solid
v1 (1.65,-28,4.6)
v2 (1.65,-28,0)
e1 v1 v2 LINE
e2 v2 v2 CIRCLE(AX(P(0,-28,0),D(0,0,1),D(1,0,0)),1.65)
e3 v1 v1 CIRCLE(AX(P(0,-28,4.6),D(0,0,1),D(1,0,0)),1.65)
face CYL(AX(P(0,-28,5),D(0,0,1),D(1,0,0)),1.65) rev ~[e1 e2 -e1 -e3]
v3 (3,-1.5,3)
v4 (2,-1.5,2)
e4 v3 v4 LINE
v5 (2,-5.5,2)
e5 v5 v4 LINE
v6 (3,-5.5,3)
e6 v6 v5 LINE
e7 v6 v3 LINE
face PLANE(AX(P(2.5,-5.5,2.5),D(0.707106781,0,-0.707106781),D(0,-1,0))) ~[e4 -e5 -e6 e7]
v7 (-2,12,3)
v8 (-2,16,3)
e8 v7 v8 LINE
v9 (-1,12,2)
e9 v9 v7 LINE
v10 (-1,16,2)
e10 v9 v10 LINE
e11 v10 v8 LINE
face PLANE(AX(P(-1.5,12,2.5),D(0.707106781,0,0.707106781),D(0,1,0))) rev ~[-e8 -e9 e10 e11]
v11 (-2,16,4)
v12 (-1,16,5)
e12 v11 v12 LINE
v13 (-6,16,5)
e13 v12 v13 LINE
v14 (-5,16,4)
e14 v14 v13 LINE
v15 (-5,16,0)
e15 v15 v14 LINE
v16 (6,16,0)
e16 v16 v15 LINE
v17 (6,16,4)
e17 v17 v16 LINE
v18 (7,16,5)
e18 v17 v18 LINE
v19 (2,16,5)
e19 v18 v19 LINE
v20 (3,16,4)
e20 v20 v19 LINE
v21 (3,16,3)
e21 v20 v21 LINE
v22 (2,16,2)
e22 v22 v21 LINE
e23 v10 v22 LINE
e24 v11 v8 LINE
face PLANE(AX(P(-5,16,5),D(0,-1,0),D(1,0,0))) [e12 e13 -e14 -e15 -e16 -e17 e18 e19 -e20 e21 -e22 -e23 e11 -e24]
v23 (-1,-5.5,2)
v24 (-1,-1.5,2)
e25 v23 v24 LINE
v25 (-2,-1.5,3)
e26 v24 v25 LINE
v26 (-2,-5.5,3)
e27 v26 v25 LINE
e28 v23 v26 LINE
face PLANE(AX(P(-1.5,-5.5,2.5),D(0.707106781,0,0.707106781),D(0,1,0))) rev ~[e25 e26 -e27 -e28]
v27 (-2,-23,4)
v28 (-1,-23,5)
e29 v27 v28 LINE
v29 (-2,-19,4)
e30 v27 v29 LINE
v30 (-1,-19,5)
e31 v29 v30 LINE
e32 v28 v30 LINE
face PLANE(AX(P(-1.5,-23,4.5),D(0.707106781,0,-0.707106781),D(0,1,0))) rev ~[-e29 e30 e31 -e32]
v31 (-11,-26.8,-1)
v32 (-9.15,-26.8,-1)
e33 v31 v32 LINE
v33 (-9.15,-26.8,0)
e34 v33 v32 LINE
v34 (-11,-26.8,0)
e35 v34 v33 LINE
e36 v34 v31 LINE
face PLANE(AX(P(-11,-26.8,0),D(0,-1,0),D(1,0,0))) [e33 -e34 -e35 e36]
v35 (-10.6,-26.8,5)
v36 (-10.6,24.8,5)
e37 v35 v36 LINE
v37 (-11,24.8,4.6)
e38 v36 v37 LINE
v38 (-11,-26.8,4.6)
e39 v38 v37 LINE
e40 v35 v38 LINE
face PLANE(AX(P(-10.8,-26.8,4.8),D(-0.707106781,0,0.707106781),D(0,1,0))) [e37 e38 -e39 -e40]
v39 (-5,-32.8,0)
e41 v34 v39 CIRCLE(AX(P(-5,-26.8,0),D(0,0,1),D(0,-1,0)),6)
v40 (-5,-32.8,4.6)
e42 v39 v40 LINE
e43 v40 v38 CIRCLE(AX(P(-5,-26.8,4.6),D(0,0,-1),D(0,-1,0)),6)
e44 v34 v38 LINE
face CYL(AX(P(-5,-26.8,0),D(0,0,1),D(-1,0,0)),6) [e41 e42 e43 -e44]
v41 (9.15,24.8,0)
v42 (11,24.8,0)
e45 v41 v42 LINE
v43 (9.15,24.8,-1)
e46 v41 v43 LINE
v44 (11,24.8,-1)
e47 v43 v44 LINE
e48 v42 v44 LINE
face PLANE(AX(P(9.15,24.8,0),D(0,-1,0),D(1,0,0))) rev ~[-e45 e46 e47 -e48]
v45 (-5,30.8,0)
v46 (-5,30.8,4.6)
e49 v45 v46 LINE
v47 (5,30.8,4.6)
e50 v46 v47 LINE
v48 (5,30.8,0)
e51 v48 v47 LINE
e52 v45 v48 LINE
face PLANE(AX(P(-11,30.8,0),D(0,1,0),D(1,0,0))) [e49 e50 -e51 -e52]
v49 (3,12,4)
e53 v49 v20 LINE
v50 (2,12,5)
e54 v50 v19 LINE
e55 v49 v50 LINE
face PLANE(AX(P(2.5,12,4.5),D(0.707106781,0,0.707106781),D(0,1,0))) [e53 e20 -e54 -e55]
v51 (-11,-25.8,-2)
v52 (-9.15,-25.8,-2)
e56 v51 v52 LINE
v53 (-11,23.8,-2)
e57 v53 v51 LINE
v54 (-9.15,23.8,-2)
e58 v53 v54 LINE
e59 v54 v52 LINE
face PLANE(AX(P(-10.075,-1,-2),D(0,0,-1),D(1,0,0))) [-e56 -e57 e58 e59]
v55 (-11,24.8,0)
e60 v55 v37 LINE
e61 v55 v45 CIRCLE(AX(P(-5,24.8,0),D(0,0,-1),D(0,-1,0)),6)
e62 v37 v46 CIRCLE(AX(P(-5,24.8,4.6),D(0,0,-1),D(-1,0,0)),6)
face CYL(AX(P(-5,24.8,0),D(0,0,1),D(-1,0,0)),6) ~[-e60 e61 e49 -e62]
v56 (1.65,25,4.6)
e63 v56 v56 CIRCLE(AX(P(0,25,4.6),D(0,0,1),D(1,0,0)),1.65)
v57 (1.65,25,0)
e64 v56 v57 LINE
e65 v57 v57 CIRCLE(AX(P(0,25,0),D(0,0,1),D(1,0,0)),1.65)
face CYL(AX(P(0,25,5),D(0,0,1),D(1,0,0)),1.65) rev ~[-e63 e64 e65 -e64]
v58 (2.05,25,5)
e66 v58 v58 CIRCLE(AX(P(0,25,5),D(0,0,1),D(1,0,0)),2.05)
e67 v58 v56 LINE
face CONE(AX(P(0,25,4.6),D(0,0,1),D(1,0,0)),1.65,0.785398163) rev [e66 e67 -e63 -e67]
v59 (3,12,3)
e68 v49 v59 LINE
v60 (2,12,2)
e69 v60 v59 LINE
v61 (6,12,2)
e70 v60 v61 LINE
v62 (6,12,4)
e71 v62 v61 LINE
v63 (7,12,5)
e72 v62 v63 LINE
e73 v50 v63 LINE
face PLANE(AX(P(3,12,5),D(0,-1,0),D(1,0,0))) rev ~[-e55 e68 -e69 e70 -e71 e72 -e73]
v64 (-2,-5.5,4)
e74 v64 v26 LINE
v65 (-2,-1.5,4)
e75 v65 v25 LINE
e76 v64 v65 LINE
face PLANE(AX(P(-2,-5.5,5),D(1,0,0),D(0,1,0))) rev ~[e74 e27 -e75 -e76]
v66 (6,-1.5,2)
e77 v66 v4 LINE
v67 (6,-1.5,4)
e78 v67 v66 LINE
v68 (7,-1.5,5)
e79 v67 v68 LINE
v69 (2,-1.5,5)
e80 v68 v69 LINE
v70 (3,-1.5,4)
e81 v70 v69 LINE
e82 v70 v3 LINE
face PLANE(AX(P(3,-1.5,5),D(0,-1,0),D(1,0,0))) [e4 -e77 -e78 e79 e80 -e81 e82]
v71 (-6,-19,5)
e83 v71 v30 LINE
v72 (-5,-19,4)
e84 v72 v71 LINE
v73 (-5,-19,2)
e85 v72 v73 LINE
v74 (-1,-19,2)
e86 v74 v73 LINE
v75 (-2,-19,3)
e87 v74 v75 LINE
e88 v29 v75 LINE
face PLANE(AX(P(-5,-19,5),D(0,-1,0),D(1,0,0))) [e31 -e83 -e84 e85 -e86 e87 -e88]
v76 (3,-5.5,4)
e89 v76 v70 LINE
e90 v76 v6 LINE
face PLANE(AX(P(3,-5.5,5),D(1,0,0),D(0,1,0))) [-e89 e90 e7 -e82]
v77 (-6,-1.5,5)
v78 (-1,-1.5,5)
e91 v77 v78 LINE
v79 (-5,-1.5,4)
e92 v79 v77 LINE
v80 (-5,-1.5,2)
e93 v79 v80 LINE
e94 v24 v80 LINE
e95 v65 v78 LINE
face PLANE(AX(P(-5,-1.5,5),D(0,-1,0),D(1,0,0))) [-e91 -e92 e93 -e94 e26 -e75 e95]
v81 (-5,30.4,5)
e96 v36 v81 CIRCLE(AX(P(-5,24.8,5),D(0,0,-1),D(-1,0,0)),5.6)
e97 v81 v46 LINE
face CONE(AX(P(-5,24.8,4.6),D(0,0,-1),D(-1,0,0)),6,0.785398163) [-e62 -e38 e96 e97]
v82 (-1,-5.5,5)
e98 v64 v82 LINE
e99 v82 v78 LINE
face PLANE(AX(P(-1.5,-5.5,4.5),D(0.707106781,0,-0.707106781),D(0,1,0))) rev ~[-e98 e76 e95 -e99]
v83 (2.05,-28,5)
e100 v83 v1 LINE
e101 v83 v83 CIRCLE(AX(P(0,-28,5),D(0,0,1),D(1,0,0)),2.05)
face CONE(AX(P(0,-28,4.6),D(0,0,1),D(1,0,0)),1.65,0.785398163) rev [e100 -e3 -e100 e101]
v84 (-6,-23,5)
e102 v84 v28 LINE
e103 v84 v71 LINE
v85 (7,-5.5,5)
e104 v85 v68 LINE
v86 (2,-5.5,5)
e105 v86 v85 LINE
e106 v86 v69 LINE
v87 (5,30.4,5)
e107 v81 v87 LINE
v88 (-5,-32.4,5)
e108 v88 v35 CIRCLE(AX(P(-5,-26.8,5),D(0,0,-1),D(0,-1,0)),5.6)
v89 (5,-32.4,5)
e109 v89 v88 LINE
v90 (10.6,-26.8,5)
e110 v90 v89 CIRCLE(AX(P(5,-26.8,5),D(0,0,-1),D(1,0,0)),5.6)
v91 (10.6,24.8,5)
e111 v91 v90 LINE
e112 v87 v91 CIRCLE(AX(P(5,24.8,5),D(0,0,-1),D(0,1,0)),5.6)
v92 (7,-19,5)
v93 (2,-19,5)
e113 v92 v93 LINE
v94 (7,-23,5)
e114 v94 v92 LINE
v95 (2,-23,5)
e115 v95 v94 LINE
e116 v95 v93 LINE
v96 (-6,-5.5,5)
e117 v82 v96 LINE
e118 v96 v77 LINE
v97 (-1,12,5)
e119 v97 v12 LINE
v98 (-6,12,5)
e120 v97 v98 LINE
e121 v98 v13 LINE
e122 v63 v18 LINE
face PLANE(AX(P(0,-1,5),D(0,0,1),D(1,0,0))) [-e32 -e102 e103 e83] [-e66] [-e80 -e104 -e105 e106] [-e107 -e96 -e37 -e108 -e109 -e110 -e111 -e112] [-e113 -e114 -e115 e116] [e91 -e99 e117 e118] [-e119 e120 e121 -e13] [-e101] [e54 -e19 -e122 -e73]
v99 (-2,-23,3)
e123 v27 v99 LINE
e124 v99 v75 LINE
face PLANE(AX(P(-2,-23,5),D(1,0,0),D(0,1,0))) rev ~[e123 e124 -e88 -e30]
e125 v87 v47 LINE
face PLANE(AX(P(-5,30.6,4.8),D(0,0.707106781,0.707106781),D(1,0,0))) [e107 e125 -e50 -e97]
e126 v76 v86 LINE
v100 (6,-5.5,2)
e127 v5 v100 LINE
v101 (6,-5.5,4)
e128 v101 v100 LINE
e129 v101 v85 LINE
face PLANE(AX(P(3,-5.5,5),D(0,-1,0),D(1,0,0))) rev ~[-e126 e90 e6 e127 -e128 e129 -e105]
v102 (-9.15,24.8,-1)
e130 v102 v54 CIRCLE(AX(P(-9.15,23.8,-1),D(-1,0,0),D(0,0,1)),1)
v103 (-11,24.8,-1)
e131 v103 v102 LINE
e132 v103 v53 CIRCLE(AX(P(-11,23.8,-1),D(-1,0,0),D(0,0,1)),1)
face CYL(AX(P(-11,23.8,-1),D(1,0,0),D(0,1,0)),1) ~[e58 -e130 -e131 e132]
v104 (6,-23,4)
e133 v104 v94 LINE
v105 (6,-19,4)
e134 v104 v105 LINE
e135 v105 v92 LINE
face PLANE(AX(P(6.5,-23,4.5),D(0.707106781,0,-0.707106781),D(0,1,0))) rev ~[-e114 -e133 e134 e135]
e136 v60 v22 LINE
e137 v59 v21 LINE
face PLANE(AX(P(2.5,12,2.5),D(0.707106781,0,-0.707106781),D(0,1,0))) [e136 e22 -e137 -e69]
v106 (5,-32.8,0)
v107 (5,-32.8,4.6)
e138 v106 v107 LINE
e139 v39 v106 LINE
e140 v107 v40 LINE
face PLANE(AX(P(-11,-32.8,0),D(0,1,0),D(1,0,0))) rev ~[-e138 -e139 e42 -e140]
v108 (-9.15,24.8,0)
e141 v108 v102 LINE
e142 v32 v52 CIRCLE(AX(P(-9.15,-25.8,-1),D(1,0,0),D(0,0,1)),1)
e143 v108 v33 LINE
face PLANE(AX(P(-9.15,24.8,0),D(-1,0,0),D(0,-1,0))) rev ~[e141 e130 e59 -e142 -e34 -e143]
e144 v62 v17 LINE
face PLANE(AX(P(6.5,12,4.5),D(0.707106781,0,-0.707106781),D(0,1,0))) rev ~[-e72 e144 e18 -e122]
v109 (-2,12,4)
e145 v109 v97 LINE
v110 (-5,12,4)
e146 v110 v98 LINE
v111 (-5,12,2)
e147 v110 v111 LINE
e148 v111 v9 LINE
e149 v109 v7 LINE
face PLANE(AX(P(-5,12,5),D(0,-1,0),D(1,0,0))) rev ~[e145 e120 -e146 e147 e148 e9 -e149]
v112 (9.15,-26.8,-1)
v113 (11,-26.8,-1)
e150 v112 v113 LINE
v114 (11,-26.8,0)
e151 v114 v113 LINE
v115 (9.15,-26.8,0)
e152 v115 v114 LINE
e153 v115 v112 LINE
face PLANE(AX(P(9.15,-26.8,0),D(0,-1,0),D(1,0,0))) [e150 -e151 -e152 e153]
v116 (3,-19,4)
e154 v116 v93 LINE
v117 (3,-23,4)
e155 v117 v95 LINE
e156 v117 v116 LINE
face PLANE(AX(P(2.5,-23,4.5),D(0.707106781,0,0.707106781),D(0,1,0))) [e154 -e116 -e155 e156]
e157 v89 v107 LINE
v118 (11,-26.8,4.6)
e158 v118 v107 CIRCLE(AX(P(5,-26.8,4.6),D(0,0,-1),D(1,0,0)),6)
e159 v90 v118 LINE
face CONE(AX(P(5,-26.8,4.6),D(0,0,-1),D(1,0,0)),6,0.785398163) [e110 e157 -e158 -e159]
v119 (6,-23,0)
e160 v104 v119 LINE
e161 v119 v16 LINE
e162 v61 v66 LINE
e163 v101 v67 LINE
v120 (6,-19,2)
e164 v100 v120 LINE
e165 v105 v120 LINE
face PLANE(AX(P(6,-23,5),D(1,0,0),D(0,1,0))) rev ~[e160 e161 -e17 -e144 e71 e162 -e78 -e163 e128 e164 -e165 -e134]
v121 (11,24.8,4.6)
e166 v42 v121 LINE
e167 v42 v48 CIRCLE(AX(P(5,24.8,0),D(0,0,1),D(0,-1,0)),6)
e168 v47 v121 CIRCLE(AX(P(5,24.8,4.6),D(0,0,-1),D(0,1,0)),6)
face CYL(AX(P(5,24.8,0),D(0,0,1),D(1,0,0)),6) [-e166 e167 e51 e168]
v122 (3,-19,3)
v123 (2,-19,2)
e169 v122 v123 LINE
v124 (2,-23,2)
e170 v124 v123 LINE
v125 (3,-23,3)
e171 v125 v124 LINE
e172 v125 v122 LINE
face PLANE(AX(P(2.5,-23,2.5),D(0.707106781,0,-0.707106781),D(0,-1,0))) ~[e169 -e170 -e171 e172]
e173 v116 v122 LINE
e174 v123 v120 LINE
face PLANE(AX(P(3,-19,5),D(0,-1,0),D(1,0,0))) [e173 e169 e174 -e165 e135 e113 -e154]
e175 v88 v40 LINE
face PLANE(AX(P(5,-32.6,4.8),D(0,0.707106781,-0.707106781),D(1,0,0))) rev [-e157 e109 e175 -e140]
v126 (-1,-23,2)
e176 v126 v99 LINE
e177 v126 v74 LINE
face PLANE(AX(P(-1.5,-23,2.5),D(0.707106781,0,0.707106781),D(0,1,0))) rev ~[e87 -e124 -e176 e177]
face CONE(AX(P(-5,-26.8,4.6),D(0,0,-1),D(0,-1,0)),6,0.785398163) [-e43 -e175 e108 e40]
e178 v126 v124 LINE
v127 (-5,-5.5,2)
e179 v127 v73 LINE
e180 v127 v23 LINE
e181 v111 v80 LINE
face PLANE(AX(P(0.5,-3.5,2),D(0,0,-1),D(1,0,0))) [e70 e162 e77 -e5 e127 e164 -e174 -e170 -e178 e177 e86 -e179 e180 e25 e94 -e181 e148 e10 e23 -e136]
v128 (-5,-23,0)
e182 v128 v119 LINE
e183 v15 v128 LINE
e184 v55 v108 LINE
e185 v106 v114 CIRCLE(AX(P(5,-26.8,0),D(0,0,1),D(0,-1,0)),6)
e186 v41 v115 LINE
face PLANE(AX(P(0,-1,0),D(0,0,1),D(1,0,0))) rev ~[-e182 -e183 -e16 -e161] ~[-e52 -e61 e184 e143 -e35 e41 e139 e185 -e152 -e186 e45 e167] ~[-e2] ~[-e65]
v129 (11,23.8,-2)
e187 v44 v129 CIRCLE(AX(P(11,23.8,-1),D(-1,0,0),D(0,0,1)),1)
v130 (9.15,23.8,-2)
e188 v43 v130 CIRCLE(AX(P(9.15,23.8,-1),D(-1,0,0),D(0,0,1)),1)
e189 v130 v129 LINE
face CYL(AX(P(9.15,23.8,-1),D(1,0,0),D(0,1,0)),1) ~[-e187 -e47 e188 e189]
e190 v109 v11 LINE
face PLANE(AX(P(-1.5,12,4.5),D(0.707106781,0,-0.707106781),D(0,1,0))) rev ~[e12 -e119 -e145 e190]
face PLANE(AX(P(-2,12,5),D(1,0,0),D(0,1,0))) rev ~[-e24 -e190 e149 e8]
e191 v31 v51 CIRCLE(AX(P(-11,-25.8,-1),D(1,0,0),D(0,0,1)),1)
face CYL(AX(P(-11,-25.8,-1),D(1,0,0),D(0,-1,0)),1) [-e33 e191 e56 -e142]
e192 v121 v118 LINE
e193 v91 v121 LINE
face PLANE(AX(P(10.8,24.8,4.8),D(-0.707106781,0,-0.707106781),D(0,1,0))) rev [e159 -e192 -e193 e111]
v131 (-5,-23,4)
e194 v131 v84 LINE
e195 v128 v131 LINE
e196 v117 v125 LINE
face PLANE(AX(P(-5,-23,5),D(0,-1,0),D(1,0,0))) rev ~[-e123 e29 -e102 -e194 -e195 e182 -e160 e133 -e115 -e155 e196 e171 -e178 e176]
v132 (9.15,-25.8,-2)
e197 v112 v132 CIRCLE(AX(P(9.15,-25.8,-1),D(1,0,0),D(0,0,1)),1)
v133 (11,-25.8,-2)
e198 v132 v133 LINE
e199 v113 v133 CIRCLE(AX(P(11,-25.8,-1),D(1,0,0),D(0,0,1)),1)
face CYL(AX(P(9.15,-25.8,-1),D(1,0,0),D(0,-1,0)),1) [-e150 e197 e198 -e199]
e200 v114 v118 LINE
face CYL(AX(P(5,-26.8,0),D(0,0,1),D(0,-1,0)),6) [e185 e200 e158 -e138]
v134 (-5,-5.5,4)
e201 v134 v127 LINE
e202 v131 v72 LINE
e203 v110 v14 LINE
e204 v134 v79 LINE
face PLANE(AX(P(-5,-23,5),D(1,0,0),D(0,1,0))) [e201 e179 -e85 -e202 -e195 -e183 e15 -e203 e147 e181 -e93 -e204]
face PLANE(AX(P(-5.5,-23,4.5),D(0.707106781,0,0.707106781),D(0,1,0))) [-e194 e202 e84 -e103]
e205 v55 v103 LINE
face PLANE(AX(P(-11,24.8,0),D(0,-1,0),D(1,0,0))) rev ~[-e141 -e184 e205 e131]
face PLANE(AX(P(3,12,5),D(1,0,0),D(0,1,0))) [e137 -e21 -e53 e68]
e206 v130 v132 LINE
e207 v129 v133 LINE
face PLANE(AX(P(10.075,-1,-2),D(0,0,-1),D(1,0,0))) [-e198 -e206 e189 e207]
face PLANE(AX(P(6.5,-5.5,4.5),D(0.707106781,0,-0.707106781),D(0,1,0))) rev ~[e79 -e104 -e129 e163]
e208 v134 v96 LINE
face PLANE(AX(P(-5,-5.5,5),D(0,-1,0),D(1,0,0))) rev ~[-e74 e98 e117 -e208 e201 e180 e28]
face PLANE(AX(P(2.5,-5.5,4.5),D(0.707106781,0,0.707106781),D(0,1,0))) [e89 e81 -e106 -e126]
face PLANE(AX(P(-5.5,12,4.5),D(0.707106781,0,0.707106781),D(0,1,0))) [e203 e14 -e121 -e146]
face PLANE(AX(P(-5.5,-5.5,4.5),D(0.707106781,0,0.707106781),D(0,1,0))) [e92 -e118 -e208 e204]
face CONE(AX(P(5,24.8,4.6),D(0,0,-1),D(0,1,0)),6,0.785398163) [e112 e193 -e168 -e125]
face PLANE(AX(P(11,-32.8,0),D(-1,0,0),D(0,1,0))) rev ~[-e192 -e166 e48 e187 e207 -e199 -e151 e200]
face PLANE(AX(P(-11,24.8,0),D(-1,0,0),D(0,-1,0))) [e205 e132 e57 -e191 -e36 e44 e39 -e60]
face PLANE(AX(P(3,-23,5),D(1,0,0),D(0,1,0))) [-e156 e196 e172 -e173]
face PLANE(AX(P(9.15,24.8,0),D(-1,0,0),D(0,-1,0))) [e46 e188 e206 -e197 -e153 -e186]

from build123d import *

# Parameters (mm, degrees)
SKETCH011_W         = 22
SKETCH011_H         = 63.6
PAD006_DEPTH        = 5
FILLET003_R         = 6
SKETCH012_W         = 1.85
SKETCH012_H         = 51.6
PAD007_DEPTH        = 2
FILLET004_R         = 1
SKETCH013_R         = 1.65
POCKET009_DEPTH     = 7.001
SKETCH014_W         = 3
SKETCH014_H         = 4
POCKET010_DEPTH     = 7.001
LINEARPATTERN_COUNT = 3
LINEARPATTERN_PITCH = 17.5
SKETCH015_W         = 11
SKETCH015_H         = 39
POCKET011_DEPTH     = 2
CHAMFER006_SIZE     = 1
CHAMFER007_SIZE     = 0.4


with BuildPart() as part:
    # Sketch011 → Pad006 (new body)
    with BuildSketch(Plane.XY):
        with Locations((0, -1)):
            Rectangle(SKETCH011_W, SKETCH011_H)
    extrude(amount=PAD006_DEPTH)

    # Fillet003
    fillet003_edges = [part.edges().sort_by_distance(p)[0] for p in [
        (-11, -32.8, 2.5),
        (11, -32.8, 2.5),
        (-11, 30.8, 2.5),
        (11, 30.8, 2.5),
    ]]
    fillet(fillet003_edges, radius=FILLET003_R)

    # Sketch012 (on Face2 of Fillet003) → Pad007 (join)
    with BuildSketch(Plane(origin=(0, 0, 0), x_dir=(1, 0, 0), z_dir=(0, 0, -1))):
        with Locations((-10.075, 1)):
            Rectangle(SKETCH012_W, SKETCH012_H)
        with Locations((10.075, 1)):
            Rectangle(SKETCH012_W, SKETCH012_H)
    extrude(amount=PAD007_DEPTH)

    # Fillet004
    fillet004_edges = [part.edges().sort_by_distance(p)[0] for p in [
        (-10.075, -26.8, -2),
        (-10.075, 24.8, -2),
        (10.075, 24.8, -2),
        (10.075, -26.8, -2),
    ]]
    fillet(fillet004_edges, radius=FILLET004_R)

    # Sketch013 (on Face19 of Fillet004) → Pocket009 (cut, through all)
    with BuildSketch(Plane.XY.offset(5)):
        with Locations((0, 25)):
            Circle(SKETCH013_R)
        with Locations((0, -28)):
            Circle(SKETCH013_R)
    extrude(amount=-POCKET009_DEPTH, mode=Mode.SUBTRACT)

    # Sketch014 (on Face21 of Pocket009) → Pocket010 (cut, through all)
    with BuildSketch(Plane.XY.offset(5)):
        with Locations((-3.5, 14)):
            Rectangle(SKETCH014_W, SKETCH014_H)
        with Locations((4.5, 14)):
            Rectangle(SKETCH014_W, SKETCH014_H)
    pocket010 = extrude(amount=-POCKET010_DEPTH, mode=Mode.SUBTRACT)

    # LinearPattern: Pocket010 ×3
    with Locations(*[(0, -i * LINEARPATTERN_PITCH, 0) for i in range(1, LINEARPATTERN_COUNT)]):
        add(pocket010, mode=Mode.SUBTRACT)

    # Sketch015 (on Face4 of LinearPattern) → Pocket011 (cut)
    with BuildSketch(Plane(origin=(0, 0, 0), x_dir=(1, 0, 0), z_dir=(0, 0, -1))):
        with Locations((0.5, 3.5)):
            Rectangle(SKETCH015_W, SKETCH015_H)
    extrude(amount=-POCKET011_DEPTH, mode=Mode.SUBTRACT)

    # Chamfer006
    chamfer006_edges = [part.edges().sort_by_distance(p)[0] for p in [
        (-2, 14, 5),
        (-5, 14, 5),
        (3, 14, 5),
        (6, 14, 5),
        (6, -3.5, 5),
        (3, -3.5, 5),
        (-5, -3.5, 5),
        (-2, -3.5, 5),
        (6, -21, 5),
        (3, -21, 5),
        (-5, -21, 5),
        (-2, -21, 5),
        (-2, 14, 2),
        (3, 14, 2),
        (3, -3.5, 2),
        (-2, -3.5, 2),
        (-2, -21, 2),
        (3, -21, 2),
    ]]
    chamfer(chamfer006_edges, length=CHAMFER006_SIZE)

    # Chamfer007
    chamfer007_edges = [part.edges().sort_by_distance(p)[0] for p in [
        (0, 30.8, 5),
        (-1.65, 25, 5),
        (-1.65, -28, 5),
    ]]
    chamfer(chamfer007_edges, length=CHAMFER007_SIZE)


solid = part.part
